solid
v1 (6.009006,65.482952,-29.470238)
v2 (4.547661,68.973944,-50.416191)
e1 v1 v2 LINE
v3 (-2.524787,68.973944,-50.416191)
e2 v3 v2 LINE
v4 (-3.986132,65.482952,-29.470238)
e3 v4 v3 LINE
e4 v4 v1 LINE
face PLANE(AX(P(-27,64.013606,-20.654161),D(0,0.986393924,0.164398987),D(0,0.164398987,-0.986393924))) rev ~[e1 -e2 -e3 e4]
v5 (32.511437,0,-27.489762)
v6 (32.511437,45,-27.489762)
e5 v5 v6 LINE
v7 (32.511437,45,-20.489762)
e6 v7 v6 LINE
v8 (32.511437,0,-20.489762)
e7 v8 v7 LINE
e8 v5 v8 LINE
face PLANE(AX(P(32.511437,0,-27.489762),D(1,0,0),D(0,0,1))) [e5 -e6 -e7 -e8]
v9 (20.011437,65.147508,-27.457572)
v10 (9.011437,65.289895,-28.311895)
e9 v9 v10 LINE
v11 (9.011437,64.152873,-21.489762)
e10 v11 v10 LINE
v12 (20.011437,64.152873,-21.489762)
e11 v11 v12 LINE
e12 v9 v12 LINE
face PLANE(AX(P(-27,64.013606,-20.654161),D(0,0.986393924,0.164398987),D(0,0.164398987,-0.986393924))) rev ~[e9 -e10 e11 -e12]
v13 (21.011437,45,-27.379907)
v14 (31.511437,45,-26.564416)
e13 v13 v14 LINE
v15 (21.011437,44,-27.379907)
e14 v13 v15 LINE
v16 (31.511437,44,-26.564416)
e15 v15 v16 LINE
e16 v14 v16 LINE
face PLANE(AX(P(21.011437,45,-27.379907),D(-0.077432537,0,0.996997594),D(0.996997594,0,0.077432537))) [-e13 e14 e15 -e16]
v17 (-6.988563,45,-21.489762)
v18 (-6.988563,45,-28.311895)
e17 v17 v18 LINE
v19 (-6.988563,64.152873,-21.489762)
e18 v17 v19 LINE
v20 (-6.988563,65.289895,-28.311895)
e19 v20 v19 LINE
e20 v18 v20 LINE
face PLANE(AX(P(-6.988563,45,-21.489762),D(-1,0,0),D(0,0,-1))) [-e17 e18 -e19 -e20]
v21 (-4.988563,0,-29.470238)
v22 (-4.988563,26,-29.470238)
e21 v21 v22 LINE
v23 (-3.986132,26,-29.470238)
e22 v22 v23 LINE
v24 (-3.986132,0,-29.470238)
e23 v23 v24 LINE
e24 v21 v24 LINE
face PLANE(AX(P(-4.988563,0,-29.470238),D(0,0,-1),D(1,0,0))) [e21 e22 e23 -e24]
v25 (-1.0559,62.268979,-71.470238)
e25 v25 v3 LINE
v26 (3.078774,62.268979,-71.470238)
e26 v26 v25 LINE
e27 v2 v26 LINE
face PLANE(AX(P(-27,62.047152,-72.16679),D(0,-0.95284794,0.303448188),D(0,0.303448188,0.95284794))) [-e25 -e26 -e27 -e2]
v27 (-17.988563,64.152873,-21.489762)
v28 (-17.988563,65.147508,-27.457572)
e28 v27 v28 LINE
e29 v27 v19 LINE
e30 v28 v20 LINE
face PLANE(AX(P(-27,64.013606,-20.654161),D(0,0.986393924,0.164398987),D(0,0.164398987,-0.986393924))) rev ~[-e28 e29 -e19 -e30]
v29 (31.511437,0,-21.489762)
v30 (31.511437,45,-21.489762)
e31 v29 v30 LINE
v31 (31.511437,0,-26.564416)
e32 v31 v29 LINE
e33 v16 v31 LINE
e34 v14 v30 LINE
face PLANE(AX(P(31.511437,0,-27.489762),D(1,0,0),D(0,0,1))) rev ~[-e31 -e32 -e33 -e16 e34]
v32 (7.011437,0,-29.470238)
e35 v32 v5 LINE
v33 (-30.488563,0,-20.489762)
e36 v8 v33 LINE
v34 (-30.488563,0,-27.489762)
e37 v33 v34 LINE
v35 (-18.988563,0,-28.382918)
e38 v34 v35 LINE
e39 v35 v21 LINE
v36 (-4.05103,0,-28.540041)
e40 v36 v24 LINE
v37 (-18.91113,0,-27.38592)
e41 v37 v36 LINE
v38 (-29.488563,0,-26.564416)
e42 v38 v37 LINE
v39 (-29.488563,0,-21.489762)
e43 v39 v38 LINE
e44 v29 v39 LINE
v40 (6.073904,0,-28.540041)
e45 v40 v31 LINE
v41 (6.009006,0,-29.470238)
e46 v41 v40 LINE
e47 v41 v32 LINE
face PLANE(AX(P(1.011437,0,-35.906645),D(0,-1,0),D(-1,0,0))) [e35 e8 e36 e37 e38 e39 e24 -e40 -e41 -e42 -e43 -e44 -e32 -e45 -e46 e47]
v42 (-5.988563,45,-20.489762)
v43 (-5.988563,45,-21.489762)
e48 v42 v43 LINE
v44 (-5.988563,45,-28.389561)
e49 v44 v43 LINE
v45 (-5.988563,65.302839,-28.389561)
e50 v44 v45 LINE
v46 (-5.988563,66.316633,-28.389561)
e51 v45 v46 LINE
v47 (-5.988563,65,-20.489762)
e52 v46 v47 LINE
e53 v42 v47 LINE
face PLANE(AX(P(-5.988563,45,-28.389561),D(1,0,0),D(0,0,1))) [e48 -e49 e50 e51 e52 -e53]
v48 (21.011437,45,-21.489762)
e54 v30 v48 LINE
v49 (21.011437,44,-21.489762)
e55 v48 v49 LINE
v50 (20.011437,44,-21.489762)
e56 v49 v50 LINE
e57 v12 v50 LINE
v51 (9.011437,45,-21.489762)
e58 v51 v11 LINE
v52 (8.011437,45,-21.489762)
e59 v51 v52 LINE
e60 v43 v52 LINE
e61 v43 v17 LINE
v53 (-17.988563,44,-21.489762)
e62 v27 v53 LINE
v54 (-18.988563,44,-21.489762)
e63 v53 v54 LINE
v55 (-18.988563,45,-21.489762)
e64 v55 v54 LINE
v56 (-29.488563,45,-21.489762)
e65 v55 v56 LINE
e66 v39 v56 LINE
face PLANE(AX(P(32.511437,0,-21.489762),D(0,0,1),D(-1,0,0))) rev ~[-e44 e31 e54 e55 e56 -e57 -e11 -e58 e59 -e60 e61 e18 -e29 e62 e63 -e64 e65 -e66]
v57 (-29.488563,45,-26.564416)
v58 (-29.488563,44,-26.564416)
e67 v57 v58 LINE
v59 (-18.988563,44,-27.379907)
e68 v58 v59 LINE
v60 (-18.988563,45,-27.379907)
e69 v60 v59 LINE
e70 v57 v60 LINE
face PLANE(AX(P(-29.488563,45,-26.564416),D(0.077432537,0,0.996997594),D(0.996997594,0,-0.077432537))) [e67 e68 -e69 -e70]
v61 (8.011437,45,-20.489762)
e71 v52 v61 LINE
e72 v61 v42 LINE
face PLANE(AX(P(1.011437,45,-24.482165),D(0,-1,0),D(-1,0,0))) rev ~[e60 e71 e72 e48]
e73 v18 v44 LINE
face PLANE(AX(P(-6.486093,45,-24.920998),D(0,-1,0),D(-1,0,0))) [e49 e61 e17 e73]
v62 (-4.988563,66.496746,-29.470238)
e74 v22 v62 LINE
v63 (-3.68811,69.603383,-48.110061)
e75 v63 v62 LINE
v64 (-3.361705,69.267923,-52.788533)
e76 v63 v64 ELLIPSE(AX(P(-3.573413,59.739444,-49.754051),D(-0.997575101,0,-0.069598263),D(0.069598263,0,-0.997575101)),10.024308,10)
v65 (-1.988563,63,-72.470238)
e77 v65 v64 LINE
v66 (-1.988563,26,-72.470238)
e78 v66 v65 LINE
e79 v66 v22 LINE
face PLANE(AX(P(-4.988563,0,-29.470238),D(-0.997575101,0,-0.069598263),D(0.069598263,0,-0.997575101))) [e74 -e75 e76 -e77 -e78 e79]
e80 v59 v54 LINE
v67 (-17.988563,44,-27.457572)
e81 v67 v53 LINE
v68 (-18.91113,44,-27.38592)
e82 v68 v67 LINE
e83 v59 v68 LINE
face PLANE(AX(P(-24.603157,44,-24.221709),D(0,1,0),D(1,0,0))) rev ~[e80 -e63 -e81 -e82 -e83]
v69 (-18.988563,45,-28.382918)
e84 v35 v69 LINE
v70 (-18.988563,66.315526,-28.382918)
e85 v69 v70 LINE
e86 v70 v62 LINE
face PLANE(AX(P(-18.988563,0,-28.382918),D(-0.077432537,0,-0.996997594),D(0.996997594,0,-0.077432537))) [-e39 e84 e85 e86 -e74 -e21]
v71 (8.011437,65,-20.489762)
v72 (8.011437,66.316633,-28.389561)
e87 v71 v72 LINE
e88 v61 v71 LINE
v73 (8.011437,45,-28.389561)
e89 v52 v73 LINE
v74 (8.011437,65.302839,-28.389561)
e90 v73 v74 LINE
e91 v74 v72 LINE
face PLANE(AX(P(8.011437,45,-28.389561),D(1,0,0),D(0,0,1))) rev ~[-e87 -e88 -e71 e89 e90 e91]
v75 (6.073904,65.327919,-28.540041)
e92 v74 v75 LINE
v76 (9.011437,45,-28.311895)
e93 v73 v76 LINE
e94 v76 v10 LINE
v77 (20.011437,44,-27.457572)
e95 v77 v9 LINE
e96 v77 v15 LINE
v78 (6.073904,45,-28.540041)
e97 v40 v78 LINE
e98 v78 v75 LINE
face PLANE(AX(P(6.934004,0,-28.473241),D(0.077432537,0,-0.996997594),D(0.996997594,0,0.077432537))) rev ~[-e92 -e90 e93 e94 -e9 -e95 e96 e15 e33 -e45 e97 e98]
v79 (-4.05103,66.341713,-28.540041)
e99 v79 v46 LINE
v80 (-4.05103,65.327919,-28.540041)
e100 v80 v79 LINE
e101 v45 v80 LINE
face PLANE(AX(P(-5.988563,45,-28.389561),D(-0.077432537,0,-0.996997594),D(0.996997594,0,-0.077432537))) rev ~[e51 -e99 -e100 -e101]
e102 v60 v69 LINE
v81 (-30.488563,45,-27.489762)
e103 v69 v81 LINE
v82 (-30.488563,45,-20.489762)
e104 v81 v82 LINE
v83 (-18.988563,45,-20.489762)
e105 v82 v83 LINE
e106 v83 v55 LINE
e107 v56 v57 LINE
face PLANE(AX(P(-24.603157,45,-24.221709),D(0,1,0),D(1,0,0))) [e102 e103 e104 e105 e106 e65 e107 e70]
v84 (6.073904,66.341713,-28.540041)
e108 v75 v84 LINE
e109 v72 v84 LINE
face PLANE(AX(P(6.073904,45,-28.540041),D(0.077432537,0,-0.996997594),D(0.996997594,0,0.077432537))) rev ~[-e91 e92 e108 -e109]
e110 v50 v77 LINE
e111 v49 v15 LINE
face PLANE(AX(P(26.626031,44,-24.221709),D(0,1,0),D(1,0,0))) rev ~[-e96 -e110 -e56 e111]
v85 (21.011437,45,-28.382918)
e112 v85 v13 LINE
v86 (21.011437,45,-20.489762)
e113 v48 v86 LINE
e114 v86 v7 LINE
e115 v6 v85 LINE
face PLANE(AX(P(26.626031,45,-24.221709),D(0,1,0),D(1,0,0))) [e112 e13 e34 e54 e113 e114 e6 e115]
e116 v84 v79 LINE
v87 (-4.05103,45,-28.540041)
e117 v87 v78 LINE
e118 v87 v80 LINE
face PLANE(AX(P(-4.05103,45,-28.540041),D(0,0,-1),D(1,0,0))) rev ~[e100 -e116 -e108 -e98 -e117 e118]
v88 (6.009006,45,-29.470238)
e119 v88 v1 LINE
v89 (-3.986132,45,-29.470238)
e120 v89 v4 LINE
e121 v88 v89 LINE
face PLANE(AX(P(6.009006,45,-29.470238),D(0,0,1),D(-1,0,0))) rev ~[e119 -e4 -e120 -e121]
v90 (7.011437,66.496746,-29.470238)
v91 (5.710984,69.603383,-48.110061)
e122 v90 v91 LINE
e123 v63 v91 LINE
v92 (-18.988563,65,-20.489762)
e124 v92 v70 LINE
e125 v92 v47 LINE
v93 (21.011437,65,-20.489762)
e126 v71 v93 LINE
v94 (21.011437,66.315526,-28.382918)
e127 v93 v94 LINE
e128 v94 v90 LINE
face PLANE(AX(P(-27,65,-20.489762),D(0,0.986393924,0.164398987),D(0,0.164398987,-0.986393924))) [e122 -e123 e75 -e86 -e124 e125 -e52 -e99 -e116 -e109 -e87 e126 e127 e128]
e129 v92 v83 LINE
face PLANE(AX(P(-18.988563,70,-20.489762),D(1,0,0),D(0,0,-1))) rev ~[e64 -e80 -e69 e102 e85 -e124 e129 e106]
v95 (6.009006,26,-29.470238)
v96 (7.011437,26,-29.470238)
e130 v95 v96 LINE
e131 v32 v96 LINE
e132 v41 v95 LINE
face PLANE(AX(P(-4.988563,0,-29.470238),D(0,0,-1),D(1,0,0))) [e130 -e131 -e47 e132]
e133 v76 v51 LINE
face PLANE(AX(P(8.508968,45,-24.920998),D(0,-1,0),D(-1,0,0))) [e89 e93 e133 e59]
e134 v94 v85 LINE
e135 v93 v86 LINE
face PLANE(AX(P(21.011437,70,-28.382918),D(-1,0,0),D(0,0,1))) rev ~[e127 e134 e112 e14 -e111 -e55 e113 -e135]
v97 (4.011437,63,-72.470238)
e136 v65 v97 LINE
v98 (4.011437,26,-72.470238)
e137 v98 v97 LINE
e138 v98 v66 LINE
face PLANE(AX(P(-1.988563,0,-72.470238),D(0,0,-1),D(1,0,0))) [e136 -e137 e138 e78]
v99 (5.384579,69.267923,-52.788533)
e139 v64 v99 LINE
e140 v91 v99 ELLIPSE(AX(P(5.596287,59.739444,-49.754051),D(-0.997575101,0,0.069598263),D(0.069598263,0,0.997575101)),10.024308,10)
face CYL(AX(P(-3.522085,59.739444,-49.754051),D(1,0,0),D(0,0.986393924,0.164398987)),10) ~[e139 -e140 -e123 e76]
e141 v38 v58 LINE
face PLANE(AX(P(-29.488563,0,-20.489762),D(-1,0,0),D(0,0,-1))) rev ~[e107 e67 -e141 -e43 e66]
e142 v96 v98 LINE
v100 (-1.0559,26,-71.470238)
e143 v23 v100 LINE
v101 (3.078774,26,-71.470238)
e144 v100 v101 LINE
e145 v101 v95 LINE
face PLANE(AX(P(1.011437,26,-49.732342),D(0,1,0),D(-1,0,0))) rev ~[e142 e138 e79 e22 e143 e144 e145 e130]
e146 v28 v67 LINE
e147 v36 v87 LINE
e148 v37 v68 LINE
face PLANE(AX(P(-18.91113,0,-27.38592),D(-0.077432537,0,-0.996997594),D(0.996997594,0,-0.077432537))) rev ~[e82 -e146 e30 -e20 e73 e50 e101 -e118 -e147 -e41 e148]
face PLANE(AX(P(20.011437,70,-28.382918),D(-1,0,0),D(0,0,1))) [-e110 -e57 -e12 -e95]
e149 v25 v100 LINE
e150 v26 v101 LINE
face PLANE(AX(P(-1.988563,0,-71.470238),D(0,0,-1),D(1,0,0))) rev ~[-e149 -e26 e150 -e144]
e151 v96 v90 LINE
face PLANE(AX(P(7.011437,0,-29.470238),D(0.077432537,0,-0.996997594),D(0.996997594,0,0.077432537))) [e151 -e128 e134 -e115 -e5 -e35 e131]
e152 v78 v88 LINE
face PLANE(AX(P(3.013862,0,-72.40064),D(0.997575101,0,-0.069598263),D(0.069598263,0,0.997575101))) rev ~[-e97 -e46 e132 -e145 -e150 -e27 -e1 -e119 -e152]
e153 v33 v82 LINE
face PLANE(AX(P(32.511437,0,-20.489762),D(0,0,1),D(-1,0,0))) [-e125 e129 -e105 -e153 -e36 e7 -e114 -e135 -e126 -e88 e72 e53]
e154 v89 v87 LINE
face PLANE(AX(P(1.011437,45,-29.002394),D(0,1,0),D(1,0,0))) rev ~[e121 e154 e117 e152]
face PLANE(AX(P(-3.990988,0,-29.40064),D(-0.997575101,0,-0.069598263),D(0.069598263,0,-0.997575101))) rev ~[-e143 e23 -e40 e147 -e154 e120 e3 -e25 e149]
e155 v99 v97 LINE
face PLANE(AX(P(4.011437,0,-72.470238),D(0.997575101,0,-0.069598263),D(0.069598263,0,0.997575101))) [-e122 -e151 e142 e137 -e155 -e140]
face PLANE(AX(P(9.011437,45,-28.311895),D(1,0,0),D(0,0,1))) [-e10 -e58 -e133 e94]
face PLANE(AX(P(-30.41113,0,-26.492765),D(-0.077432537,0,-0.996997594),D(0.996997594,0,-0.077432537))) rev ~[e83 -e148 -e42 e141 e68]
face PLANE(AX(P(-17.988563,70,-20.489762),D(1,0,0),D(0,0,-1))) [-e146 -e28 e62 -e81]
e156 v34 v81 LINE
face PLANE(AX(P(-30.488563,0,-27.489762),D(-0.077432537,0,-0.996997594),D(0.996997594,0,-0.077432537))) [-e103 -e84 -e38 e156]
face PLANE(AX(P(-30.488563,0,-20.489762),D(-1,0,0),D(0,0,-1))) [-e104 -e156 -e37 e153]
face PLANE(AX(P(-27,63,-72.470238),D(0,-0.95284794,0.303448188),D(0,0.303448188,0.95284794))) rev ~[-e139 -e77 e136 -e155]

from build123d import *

# Parameters (mm, degrees)
BOSS_EXTRUDE1_DEPTH     = 70
CUT_EXTRUDE1_DEPTH      = 25
CUT_EXTRUDE4_DEPTH      = 24
CUT_EXTRUDE4_DEPTH_BACK = 27
SHELL2_T                = -1
FILLET1_R               = 10
CUT_EXTRUDE3_DEPTH      = 26
CUT_EXTRUDE2_DEPTH      = 1
BOSS_EXTRUDE4_DEPTH     = 21.5
BOSS_EXTRUDE5_DEPTH     = 22
CUT_EXTRUDE8_DEPTH      = 20
CUT_EXTRUDE10_DEPTH     = 34


with BuildPart() as part:
    # Sketch2 → Boss-Extrude1 (new body)
    with BuildSketch(Plane(origin=(0, 0, 0), x_dir=(1, 0, 0), z_dir=(0, 1, 0))):
        Polygon((-18.988562983, 28.382917999), (-4.988562983, 29.470238095), (-1.988562983, 72.470238095), (4.011437017, 72.470238095), (7.011437017, 29.470238095), (32.511437017, 27.489762205), (32.511437017, 20.489762205), (-30.488562983, 20.489762205), (-30.488562983, 27.489762205), align=None)
    extrude(amount=BOSS_EXTRUDE1_DEPTH)

    # Sketch3 → Cut-Extrude1 (cut)
    with BuildSketch(Plane(origin=(0, 70, 0), x_dir=(1, 0, 0), z_dir=(0, 1, 0))):
        Polygon((-30.488562983, 27.489762205), (-30.488562983, 20.489762205), (-18.988562983, 20.489762205), (-18.988562983, 28.382917999), align=None)
        Polygon((21.011437017, 20.489762205), (32.511437017, 20.489762205), (32.511437017, 27.489762205), (21.011437017, 28.382917999), align=None)
    extrude(amount=-CUT_EXTRUDE1_DEPTH, mode=Mode.SUBTRACT)

    # Sketch7 → Cut-Extrude4 (cut, two sides: drawn at the far end of the back side and taken through both)
    with BuildSketch(Plane(origin=(0, 0, 0), x_dir=(0, 0, -1), z_dir=(1, 0, 0)).offset(-CUT_EXTRUDE4_DEPTH_BACK)):
        Polygon((20.489762205, 65), (50.489762205, 70), (20.489762205, 70), align=None)
        Polygon((72.470238095, 63), (50.489762205, 70), (72.470238095, 70), align=None)
    extrude(amount=CUT_EXTRUDE4_DEPTH + CUT_EXTRUDE4_DEPTH_BACK, mode=Mode.SUBTRACT)

    # Shell2
    shell2_openings = [part.faces().sort_by_distance(p)[0] for p in [
        (1.011437017, 0, -34.888692943),
    ]]
    offset(amount=SHELL2_T, openings=shell2_openings, kind=Kind.INTERSECTION)

    # Fillet1
    fillet1_edges = [part.edges().sort_by_distance(p)[0] for p in [
        (1.011437017, 70, -50.489762205),
    ]]
    fillet(fillet1_edges, radius=FILLET1_R)

    # Sketch6 → Cut-Extrude3 (cut)
    with BuildSketch(Plane.XZ):
        Polygon((-4.988562983, -29.470238095), (7.011437017, -29.470238095), (4.011437017, -72.470238095), (-1.988562983, -72.470238095), align=None)
    extrude(amount=-CUT_EXTRUDE3_DEPTH, mode=Mode.SUBTRACT)

    # Sketch4 → Cut-Extrude2 (cut)
    with BuildSketch(Plane(origin=(0, 45, 0), x_dir=(1, 0, 0), z_dir=(0, 1, 0))):
        Polygon((31.511437017, 21.489762205), (21.011437017, 21.489762205), (21.011437017, 27.379906551), (31.511437017, 26.564416479), align=None)
        Polygon((-29.488562983, 21.489762205), (-29.488562983, 26.564416479), (-18.988562983, 27.379906551), (-18.988562983, 21.489762205), align=None)
    extrude(amount=-CUT_EXTRUDE2_DEPTH, mode=Mode.SUBTRACT)

    # Sketch16 → Boss-Extrude4 (add)
    with BuildSketch(Plane(origin=(0, 45, 0), x_dir=(-1, 0, 0), z_dir=(0, -1, 0))):
        Polygon((-6.009006224, 29.470238095), (3.986132189, 29.470238095), (4.051029671, 28.540040848), (-6.073903706, 28.540040848), align=None)
    extrude(amount=-BOSS_EXTRUDE4_DEPTH)

    # Sketch19 → Boss-Extrude5 (add)
    with BuildSketch(Plane(origin=(0, 45, 0), x_dir=(-1, 0, 0), z_dir=(0, -1, 0))):
        Polygon((5.988562983, 28.389560926), (5.988562983, 21.489762205), (6.988562983, 21.489762205), (6.988562983, 28.311895205), align=None)
        Polygon((-8.011437017, 21.489762205), (-8.011437017, 28.389560926), (-9.011437017, 28.311895205), (-9.011437017, 21.489762205), align=None)
    extrude(amount=-BOSS_EXTRUDE5_DEPTH)

    # Sketch20 → Cut-Extrude8 (cut, symmetric)
    with BuildSketch(Plane(origin=(-5.988562983, 0, 0), x_dir=(0, 0, -1), z_dir=(1, 0, 0))):
        Polygon((21.489762205, 67), (21.489762205, 65.166666667), (30.609777223, 66.68666917), (30.609777223, 67), align=None)
    extrude(amount=CUT_EXTRUDE8_DEPTH, both=True, mode=Mode.SUBTRACT)

    # Sketch22 → Cut-Extrude10 (cut)
    with BuildSketch(Plane(origin=(0, 45, 0), x_dir=(-1, 0, 0), z_dir=(0, -1, 0))):
        Polygon((-8.011437017, 28.389560926), (-8.011437017, 20.489762205), (5.988562983, 20.489762205), (5.988562983, 28.389560926), (4.051029671, 28.540040848), (-6.073903706, 28.540040848), align=None)
    extrude(amount=-CUT_EXTRUDE10_DEPTH, mode=Mode.SUBTRACT)


solid = part.part
